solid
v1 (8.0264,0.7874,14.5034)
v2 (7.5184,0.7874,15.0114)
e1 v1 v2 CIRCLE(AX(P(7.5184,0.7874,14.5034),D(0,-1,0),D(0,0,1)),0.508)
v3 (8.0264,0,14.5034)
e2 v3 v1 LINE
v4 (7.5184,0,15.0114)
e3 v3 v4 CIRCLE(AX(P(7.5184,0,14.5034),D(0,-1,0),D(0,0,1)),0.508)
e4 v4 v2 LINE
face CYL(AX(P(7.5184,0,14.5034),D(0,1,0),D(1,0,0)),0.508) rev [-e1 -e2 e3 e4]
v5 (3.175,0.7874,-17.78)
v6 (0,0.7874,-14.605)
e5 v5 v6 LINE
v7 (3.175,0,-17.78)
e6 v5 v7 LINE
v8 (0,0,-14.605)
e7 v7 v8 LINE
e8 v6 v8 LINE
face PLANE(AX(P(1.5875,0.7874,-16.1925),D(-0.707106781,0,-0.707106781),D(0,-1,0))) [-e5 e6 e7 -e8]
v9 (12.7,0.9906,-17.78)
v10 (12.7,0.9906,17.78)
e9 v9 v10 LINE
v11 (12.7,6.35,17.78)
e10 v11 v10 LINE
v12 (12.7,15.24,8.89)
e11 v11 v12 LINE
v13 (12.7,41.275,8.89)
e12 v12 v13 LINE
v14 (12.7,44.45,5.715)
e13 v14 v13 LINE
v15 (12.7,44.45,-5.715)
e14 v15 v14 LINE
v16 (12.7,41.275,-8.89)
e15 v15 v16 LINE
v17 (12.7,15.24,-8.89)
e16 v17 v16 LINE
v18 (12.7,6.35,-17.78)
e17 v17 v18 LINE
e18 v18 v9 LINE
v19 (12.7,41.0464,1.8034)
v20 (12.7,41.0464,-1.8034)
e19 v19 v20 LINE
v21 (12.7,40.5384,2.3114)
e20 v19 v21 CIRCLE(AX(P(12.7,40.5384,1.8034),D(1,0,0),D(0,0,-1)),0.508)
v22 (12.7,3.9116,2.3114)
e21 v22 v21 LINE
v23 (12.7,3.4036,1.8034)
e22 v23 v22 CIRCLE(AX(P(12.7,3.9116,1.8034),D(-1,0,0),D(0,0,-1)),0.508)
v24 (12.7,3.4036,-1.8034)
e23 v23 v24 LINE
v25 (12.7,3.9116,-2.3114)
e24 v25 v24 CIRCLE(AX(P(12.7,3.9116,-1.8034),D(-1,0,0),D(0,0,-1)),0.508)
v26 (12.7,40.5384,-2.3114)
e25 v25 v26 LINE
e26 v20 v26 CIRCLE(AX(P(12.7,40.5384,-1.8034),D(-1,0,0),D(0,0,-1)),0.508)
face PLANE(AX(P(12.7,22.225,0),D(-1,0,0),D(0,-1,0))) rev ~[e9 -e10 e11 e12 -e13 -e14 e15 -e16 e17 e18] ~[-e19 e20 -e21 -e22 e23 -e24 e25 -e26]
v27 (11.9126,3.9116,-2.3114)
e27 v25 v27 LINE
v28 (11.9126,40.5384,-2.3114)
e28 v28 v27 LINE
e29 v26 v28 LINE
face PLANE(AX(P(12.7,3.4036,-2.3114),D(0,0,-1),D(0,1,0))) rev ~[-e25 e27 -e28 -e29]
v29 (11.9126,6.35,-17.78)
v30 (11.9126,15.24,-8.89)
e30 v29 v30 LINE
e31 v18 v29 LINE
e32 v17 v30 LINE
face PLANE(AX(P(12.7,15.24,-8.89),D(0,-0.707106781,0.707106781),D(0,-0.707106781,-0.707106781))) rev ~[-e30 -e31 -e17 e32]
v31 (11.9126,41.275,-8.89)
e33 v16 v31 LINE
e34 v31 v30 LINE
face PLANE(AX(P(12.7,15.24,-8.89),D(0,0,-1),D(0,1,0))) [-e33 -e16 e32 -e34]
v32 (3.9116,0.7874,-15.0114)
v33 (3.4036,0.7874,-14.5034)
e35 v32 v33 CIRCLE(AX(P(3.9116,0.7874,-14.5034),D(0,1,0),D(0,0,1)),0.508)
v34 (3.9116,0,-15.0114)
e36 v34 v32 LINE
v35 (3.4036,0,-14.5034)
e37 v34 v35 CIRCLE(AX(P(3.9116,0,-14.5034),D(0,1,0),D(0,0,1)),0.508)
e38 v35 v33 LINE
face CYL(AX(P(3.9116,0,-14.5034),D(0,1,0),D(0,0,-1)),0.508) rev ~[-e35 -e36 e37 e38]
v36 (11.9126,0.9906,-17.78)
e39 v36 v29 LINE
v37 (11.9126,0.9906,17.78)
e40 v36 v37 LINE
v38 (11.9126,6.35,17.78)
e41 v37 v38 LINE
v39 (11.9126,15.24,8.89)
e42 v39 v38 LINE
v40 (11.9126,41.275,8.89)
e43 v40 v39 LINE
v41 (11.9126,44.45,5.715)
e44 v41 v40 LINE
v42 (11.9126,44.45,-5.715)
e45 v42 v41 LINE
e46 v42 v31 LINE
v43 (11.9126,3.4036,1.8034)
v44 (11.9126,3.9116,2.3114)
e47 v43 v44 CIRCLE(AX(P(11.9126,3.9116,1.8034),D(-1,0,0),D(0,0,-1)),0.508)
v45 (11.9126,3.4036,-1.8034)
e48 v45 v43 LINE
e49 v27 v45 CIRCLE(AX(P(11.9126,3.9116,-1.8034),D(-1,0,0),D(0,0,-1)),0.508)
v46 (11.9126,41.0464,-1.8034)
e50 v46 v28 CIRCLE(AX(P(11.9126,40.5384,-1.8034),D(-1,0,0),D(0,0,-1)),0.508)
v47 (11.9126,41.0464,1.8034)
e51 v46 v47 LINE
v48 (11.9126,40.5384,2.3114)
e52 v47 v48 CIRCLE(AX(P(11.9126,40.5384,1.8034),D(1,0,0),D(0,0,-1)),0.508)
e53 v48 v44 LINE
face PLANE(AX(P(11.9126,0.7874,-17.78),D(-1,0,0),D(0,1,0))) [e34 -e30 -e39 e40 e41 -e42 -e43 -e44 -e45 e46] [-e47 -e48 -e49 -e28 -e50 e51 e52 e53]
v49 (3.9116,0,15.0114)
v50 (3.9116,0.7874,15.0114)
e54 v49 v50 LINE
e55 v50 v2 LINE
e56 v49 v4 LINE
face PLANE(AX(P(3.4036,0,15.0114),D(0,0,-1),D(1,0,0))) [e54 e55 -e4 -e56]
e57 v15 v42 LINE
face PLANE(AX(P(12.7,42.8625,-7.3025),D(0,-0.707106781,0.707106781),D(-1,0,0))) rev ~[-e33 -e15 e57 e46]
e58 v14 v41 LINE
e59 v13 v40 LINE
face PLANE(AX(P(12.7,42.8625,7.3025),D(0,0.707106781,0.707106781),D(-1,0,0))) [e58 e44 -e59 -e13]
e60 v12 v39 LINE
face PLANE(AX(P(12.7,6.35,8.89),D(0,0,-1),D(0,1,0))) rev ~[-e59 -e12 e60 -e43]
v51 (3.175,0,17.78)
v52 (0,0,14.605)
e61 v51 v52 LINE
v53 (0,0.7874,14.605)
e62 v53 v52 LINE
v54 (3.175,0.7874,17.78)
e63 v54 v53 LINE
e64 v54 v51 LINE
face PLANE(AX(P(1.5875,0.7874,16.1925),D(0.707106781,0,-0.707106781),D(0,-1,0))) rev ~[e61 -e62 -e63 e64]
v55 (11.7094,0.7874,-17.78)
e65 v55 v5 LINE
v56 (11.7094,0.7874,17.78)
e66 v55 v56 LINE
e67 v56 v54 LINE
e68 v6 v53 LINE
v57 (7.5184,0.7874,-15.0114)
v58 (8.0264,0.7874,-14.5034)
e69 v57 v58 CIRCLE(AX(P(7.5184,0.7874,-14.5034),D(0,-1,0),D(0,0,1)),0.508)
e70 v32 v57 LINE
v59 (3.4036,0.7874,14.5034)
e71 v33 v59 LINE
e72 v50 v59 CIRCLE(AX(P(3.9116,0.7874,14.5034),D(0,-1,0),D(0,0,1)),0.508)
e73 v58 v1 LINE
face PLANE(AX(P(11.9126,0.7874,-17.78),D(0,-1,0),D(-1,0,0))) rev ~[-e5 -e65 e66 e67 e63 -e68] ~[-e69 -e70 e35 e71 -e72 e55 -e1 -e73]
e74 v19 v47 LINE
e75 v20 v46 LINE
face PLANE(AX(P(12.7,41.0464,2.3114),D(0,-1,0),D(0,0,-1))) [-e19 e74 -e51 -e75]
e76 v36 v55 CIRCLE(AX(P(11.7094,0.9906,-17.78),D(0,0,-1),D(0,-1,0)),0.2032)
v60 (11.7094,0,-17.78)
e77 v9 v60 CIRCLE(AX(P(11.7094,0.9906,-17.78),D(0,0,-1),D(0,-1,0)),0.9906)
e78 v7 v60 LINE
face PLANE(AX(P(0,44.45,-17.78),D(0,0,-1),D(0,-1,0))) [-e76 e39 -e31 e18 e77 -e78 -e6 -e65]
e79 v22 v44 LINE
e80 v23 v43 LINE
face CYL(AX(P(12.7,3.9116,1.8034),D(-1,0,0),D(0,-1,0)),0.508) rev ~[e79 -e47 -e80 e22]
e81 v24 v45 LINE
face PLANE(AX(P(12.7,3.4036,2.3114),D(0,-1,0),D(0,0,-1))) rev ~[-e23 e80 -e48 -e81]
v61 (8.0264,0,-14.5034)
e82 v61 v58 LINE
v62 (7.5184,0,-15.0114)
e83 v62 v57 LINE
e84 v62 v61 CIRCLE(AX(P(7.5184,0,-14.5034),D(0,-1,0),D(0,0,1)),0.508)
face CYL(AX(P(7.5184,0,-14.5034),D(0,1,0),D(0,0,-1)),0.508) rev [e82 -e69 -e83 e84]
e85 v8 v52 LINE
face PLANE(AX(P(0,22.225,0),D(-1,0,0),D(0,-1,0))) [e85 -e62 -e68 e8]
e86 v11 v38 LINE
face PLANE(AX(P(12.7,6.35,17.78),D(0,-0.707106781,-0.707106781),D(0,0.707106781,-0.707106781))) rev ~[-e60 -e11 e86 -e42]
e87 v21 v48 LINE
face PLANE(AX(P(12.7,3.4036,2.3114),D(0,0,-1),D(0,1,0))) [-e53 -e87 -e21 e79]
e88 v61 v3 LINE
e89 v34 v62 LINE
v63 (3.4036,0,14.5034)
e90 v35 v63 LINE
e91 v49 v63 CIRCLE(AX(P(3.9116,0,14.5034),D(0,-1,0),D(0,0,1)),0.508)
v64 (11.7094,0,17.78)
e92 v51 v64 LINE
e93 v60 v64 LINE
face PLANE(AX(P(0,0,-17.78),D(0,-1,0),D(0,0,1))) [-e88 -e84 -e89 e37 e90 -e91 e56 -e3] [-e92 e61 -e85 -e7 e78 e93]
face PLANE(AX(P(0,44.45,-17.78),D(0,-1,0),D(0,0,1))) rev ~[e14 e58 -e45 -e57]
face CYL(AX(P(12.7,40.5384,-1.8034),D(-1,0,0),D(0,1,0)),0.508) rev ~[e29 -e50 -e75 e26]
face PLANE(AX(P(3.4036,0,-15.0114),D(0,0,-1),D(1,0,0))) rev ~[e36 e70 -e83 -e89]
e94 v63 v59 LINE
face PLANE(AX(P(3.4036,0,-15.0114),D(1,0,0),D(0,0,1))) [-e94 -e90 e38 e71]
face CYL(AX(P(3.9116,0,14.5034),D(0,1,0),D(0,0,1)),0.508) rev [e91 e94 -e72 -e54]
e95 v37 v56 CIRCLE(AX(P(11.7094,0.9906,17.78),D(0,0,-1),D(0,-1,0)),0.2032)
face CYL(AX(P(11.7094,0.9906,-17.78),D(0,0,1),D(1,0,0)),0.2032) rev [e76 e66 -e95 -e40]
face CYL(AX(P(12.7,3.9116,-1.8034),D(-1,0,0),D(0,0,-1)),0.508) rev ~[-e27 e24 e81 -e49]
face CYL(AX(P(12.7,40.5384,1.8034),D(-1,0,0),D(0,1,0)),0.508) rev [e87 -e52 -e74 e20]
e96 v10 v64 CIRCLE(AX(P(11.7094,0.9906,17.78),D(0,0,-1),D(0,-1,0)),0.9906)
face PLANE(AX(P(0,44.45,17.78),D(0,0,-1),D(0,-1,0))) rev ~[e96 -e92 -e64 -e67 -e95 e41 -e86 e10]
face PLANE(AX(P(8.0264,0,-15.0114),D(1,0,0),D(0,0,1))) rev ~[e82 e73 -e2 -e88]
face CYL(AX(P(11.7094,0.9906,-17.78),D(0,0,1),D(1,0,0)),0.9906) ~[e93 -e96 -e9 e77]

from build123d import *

# Parameters (mm, degrees)
SKETCH1_W           = 44.45
SKETCH1_H           = 35.56
BOSS_EXTRUDE1_DEPTH = 12.7
SKETCH2_W           = 11.9126
SKETCH2_H           = 43.6626
CUT_EXTRUDE1_DEPTH  = 36.56
SKETCH3_W           = 8.89
SKETCH3_H           = 29.21
CUT_EXTRUDE2_DEPTH  = 13.7
SKETCH4_W           = 8.89
SKETCH4_H           = 38.1
CUT_EXTRUDE3_DEPTH  = 13.7
SKETCH5_W           = 4.6228
SKETCH5_H           = 30.0228
CUT_EXTRUDE4_DEPTH  = 45.45
SKETCH6_W           = 4.6228
SKETCH6_H           = 37.6428
CUT_EXTRUDE5_DEPTH  = 13.7
DRAFT1_ANGLE        = 45
DRAFT2_ANGLE        = 45
CHAMFER1_SIZE       = 3.175
FILLET1_R           = 0.2032
FILLET2_R           = 0.508
FILLET3_R           = 0.9906


with BuildPart() as part:
    # Sketch1 → Boss-Extrude1 (new body)
    with BuildSketch(Plane(origin=(0, 0, 0), x_dir=(0, -1, 0), z_dir=(-1, 0, 0))):
        with Locations((-22.225, 0)):
            Rectangle(SKETCH1_W, SKETCH1_H)
    extrude(amount=-BOSS_EXTRUDE1_DEPTH)

    # Sketch2 → Cut-Extrude1 (cut, through all)
    with BuildSketch(Plane(origin=(0, 0, -17.78), x_dir=(-1, 0, 0), z_dir=(0, 0, -1))):
        with Locations((-5.9563, 22.6187)):
            Rectangle(SKETCH2_W, SKETCH2_H)
    extrude(amount=-CUT_EXTRUDE1_DEPTH, mode=Mode.SUBTRACT)

    # Sketch3 → Cut-Extrude2 (cut, through all)
    with BuildSketch(Plane(origin=(12.7, 0, 0), x_dir=(0, 0, -1), z_dir=(1, 0, 0))):
        with Locations((13.335, 29.845)):
            Rectangle(SKETCH3_W, SKETCH3_H)
    extrude(amount=-CUT_EXTRUDE2_DEPTH, mode=Mode.SUBTRACT)

    # Sketch4 → Cut-Extrude3 (cut, through all)
    with BuildSketch(Plane(origin=(12.7, 0, 0), x_dir=(0, 0, -1), z_dir=(1, 0, 0))):
        with Locations((-13.335, 25.4)):
            Rectangle(SKETCH4_W, SKETCH4_H)
    extrude(amount=-CUT_EXTRUDE3_DEPTH, mode=Mode.SUBTRACT)

    # Sketch5 → Cut-Extrude4 (cut, through all)
    with BuildSketch(Plane.XZ):
        with Locations((5.715, 0)):
            Rectangle(SKETCH5_W, SKETCH5_H)
    extrude(amount=-CUT_EXTRUDE4_DEPTH, mode=Mode.SUBTRACT)

    # Sketch6 → Cut-Extrude5 (cut, through all)
    with BuildSketch(Plane(origin=(12.7, 0, 0), x_dir=(0, 0, -1), z_dir=(1, 0, 0))):
        with Locations((0, 22.225)):
            Rectangle(SKETCH6_W, SKETCH6_H)
    extrude(amount=-CUT_EXTRUDE5_DEPTH, mode=Mode.SUBTRACT)

    # Draft1
    draft1_faces = [part.faces().sort_by_distance(p)[0] for p in [
        (12.3063, 15.24, -13.335),
    ]]
    draft(draft1_faces, Plane(origin=(0, 44.45, -8.89), x_dir=(-1, 0, 0), z_dir=(0, 0, -1)), DRAFT1_ANGLE)

    # Draft2
    draft2_faces = [part.faces().sort_by_distance(p)[0] for p in [
        (12.3063, 6.35, 13.335),
    ]]
    draft(draft2_faces, Plane(origin=(12.7, 0, 17.78), x_dir=(1, 0, 0), z_dir=(0, 0, 1)), DRAFT2_ANGLE)

    # Chamfer1
    chamfer1_edges = [part.edges().sort_by_distance(p)[0] for p in [
        (0, 0.3937, -17.78),
        (12.3063, 44.45, -8.89),
        (0, 0.3937, 17.78),
        (12.3063, 44.45, 8.89),
    ]]
    chamfer(chamfer1_edges, length=CHAMFER1_SIZE)

    # Fillet1
    fillet1_edges = [part.edges().sort_by_distance(p)[0] for p in [
        (11.9126, 0.7874, 0),
    ]]
    fillet(fillet1_edges, radius=FILLET1_R)

    # Fillet2
    fillet2_edges = [part.edges().sort_by_distance(p)[0] for p in [
        (8.0264, 0.3937, 15.0114),
        (8.0264, 0.3937, -15.0114),
        (3.4036, 0.3937, -15.0114),
        (3.4036, 0.3937, 15.0114),
        (12.3063, 41.0464, 2.3114),
        (12.3063, 41.0464, -2.3114),
        (12.3063, 3.4036, -2.3114),
        (12.3063, 3.4036, 2.3114),
    ]]
    fillet(fillet2_edges, radius=FILLET2_R)

    # Fillet3
    fillet3_edges = [part.edges().sort_by_distance(p)[0] for p in [
        (12.7, 0, 0),
    ]]
    fillet(fillet3_edges, radius=FILLET3_R)


solid = part.part
